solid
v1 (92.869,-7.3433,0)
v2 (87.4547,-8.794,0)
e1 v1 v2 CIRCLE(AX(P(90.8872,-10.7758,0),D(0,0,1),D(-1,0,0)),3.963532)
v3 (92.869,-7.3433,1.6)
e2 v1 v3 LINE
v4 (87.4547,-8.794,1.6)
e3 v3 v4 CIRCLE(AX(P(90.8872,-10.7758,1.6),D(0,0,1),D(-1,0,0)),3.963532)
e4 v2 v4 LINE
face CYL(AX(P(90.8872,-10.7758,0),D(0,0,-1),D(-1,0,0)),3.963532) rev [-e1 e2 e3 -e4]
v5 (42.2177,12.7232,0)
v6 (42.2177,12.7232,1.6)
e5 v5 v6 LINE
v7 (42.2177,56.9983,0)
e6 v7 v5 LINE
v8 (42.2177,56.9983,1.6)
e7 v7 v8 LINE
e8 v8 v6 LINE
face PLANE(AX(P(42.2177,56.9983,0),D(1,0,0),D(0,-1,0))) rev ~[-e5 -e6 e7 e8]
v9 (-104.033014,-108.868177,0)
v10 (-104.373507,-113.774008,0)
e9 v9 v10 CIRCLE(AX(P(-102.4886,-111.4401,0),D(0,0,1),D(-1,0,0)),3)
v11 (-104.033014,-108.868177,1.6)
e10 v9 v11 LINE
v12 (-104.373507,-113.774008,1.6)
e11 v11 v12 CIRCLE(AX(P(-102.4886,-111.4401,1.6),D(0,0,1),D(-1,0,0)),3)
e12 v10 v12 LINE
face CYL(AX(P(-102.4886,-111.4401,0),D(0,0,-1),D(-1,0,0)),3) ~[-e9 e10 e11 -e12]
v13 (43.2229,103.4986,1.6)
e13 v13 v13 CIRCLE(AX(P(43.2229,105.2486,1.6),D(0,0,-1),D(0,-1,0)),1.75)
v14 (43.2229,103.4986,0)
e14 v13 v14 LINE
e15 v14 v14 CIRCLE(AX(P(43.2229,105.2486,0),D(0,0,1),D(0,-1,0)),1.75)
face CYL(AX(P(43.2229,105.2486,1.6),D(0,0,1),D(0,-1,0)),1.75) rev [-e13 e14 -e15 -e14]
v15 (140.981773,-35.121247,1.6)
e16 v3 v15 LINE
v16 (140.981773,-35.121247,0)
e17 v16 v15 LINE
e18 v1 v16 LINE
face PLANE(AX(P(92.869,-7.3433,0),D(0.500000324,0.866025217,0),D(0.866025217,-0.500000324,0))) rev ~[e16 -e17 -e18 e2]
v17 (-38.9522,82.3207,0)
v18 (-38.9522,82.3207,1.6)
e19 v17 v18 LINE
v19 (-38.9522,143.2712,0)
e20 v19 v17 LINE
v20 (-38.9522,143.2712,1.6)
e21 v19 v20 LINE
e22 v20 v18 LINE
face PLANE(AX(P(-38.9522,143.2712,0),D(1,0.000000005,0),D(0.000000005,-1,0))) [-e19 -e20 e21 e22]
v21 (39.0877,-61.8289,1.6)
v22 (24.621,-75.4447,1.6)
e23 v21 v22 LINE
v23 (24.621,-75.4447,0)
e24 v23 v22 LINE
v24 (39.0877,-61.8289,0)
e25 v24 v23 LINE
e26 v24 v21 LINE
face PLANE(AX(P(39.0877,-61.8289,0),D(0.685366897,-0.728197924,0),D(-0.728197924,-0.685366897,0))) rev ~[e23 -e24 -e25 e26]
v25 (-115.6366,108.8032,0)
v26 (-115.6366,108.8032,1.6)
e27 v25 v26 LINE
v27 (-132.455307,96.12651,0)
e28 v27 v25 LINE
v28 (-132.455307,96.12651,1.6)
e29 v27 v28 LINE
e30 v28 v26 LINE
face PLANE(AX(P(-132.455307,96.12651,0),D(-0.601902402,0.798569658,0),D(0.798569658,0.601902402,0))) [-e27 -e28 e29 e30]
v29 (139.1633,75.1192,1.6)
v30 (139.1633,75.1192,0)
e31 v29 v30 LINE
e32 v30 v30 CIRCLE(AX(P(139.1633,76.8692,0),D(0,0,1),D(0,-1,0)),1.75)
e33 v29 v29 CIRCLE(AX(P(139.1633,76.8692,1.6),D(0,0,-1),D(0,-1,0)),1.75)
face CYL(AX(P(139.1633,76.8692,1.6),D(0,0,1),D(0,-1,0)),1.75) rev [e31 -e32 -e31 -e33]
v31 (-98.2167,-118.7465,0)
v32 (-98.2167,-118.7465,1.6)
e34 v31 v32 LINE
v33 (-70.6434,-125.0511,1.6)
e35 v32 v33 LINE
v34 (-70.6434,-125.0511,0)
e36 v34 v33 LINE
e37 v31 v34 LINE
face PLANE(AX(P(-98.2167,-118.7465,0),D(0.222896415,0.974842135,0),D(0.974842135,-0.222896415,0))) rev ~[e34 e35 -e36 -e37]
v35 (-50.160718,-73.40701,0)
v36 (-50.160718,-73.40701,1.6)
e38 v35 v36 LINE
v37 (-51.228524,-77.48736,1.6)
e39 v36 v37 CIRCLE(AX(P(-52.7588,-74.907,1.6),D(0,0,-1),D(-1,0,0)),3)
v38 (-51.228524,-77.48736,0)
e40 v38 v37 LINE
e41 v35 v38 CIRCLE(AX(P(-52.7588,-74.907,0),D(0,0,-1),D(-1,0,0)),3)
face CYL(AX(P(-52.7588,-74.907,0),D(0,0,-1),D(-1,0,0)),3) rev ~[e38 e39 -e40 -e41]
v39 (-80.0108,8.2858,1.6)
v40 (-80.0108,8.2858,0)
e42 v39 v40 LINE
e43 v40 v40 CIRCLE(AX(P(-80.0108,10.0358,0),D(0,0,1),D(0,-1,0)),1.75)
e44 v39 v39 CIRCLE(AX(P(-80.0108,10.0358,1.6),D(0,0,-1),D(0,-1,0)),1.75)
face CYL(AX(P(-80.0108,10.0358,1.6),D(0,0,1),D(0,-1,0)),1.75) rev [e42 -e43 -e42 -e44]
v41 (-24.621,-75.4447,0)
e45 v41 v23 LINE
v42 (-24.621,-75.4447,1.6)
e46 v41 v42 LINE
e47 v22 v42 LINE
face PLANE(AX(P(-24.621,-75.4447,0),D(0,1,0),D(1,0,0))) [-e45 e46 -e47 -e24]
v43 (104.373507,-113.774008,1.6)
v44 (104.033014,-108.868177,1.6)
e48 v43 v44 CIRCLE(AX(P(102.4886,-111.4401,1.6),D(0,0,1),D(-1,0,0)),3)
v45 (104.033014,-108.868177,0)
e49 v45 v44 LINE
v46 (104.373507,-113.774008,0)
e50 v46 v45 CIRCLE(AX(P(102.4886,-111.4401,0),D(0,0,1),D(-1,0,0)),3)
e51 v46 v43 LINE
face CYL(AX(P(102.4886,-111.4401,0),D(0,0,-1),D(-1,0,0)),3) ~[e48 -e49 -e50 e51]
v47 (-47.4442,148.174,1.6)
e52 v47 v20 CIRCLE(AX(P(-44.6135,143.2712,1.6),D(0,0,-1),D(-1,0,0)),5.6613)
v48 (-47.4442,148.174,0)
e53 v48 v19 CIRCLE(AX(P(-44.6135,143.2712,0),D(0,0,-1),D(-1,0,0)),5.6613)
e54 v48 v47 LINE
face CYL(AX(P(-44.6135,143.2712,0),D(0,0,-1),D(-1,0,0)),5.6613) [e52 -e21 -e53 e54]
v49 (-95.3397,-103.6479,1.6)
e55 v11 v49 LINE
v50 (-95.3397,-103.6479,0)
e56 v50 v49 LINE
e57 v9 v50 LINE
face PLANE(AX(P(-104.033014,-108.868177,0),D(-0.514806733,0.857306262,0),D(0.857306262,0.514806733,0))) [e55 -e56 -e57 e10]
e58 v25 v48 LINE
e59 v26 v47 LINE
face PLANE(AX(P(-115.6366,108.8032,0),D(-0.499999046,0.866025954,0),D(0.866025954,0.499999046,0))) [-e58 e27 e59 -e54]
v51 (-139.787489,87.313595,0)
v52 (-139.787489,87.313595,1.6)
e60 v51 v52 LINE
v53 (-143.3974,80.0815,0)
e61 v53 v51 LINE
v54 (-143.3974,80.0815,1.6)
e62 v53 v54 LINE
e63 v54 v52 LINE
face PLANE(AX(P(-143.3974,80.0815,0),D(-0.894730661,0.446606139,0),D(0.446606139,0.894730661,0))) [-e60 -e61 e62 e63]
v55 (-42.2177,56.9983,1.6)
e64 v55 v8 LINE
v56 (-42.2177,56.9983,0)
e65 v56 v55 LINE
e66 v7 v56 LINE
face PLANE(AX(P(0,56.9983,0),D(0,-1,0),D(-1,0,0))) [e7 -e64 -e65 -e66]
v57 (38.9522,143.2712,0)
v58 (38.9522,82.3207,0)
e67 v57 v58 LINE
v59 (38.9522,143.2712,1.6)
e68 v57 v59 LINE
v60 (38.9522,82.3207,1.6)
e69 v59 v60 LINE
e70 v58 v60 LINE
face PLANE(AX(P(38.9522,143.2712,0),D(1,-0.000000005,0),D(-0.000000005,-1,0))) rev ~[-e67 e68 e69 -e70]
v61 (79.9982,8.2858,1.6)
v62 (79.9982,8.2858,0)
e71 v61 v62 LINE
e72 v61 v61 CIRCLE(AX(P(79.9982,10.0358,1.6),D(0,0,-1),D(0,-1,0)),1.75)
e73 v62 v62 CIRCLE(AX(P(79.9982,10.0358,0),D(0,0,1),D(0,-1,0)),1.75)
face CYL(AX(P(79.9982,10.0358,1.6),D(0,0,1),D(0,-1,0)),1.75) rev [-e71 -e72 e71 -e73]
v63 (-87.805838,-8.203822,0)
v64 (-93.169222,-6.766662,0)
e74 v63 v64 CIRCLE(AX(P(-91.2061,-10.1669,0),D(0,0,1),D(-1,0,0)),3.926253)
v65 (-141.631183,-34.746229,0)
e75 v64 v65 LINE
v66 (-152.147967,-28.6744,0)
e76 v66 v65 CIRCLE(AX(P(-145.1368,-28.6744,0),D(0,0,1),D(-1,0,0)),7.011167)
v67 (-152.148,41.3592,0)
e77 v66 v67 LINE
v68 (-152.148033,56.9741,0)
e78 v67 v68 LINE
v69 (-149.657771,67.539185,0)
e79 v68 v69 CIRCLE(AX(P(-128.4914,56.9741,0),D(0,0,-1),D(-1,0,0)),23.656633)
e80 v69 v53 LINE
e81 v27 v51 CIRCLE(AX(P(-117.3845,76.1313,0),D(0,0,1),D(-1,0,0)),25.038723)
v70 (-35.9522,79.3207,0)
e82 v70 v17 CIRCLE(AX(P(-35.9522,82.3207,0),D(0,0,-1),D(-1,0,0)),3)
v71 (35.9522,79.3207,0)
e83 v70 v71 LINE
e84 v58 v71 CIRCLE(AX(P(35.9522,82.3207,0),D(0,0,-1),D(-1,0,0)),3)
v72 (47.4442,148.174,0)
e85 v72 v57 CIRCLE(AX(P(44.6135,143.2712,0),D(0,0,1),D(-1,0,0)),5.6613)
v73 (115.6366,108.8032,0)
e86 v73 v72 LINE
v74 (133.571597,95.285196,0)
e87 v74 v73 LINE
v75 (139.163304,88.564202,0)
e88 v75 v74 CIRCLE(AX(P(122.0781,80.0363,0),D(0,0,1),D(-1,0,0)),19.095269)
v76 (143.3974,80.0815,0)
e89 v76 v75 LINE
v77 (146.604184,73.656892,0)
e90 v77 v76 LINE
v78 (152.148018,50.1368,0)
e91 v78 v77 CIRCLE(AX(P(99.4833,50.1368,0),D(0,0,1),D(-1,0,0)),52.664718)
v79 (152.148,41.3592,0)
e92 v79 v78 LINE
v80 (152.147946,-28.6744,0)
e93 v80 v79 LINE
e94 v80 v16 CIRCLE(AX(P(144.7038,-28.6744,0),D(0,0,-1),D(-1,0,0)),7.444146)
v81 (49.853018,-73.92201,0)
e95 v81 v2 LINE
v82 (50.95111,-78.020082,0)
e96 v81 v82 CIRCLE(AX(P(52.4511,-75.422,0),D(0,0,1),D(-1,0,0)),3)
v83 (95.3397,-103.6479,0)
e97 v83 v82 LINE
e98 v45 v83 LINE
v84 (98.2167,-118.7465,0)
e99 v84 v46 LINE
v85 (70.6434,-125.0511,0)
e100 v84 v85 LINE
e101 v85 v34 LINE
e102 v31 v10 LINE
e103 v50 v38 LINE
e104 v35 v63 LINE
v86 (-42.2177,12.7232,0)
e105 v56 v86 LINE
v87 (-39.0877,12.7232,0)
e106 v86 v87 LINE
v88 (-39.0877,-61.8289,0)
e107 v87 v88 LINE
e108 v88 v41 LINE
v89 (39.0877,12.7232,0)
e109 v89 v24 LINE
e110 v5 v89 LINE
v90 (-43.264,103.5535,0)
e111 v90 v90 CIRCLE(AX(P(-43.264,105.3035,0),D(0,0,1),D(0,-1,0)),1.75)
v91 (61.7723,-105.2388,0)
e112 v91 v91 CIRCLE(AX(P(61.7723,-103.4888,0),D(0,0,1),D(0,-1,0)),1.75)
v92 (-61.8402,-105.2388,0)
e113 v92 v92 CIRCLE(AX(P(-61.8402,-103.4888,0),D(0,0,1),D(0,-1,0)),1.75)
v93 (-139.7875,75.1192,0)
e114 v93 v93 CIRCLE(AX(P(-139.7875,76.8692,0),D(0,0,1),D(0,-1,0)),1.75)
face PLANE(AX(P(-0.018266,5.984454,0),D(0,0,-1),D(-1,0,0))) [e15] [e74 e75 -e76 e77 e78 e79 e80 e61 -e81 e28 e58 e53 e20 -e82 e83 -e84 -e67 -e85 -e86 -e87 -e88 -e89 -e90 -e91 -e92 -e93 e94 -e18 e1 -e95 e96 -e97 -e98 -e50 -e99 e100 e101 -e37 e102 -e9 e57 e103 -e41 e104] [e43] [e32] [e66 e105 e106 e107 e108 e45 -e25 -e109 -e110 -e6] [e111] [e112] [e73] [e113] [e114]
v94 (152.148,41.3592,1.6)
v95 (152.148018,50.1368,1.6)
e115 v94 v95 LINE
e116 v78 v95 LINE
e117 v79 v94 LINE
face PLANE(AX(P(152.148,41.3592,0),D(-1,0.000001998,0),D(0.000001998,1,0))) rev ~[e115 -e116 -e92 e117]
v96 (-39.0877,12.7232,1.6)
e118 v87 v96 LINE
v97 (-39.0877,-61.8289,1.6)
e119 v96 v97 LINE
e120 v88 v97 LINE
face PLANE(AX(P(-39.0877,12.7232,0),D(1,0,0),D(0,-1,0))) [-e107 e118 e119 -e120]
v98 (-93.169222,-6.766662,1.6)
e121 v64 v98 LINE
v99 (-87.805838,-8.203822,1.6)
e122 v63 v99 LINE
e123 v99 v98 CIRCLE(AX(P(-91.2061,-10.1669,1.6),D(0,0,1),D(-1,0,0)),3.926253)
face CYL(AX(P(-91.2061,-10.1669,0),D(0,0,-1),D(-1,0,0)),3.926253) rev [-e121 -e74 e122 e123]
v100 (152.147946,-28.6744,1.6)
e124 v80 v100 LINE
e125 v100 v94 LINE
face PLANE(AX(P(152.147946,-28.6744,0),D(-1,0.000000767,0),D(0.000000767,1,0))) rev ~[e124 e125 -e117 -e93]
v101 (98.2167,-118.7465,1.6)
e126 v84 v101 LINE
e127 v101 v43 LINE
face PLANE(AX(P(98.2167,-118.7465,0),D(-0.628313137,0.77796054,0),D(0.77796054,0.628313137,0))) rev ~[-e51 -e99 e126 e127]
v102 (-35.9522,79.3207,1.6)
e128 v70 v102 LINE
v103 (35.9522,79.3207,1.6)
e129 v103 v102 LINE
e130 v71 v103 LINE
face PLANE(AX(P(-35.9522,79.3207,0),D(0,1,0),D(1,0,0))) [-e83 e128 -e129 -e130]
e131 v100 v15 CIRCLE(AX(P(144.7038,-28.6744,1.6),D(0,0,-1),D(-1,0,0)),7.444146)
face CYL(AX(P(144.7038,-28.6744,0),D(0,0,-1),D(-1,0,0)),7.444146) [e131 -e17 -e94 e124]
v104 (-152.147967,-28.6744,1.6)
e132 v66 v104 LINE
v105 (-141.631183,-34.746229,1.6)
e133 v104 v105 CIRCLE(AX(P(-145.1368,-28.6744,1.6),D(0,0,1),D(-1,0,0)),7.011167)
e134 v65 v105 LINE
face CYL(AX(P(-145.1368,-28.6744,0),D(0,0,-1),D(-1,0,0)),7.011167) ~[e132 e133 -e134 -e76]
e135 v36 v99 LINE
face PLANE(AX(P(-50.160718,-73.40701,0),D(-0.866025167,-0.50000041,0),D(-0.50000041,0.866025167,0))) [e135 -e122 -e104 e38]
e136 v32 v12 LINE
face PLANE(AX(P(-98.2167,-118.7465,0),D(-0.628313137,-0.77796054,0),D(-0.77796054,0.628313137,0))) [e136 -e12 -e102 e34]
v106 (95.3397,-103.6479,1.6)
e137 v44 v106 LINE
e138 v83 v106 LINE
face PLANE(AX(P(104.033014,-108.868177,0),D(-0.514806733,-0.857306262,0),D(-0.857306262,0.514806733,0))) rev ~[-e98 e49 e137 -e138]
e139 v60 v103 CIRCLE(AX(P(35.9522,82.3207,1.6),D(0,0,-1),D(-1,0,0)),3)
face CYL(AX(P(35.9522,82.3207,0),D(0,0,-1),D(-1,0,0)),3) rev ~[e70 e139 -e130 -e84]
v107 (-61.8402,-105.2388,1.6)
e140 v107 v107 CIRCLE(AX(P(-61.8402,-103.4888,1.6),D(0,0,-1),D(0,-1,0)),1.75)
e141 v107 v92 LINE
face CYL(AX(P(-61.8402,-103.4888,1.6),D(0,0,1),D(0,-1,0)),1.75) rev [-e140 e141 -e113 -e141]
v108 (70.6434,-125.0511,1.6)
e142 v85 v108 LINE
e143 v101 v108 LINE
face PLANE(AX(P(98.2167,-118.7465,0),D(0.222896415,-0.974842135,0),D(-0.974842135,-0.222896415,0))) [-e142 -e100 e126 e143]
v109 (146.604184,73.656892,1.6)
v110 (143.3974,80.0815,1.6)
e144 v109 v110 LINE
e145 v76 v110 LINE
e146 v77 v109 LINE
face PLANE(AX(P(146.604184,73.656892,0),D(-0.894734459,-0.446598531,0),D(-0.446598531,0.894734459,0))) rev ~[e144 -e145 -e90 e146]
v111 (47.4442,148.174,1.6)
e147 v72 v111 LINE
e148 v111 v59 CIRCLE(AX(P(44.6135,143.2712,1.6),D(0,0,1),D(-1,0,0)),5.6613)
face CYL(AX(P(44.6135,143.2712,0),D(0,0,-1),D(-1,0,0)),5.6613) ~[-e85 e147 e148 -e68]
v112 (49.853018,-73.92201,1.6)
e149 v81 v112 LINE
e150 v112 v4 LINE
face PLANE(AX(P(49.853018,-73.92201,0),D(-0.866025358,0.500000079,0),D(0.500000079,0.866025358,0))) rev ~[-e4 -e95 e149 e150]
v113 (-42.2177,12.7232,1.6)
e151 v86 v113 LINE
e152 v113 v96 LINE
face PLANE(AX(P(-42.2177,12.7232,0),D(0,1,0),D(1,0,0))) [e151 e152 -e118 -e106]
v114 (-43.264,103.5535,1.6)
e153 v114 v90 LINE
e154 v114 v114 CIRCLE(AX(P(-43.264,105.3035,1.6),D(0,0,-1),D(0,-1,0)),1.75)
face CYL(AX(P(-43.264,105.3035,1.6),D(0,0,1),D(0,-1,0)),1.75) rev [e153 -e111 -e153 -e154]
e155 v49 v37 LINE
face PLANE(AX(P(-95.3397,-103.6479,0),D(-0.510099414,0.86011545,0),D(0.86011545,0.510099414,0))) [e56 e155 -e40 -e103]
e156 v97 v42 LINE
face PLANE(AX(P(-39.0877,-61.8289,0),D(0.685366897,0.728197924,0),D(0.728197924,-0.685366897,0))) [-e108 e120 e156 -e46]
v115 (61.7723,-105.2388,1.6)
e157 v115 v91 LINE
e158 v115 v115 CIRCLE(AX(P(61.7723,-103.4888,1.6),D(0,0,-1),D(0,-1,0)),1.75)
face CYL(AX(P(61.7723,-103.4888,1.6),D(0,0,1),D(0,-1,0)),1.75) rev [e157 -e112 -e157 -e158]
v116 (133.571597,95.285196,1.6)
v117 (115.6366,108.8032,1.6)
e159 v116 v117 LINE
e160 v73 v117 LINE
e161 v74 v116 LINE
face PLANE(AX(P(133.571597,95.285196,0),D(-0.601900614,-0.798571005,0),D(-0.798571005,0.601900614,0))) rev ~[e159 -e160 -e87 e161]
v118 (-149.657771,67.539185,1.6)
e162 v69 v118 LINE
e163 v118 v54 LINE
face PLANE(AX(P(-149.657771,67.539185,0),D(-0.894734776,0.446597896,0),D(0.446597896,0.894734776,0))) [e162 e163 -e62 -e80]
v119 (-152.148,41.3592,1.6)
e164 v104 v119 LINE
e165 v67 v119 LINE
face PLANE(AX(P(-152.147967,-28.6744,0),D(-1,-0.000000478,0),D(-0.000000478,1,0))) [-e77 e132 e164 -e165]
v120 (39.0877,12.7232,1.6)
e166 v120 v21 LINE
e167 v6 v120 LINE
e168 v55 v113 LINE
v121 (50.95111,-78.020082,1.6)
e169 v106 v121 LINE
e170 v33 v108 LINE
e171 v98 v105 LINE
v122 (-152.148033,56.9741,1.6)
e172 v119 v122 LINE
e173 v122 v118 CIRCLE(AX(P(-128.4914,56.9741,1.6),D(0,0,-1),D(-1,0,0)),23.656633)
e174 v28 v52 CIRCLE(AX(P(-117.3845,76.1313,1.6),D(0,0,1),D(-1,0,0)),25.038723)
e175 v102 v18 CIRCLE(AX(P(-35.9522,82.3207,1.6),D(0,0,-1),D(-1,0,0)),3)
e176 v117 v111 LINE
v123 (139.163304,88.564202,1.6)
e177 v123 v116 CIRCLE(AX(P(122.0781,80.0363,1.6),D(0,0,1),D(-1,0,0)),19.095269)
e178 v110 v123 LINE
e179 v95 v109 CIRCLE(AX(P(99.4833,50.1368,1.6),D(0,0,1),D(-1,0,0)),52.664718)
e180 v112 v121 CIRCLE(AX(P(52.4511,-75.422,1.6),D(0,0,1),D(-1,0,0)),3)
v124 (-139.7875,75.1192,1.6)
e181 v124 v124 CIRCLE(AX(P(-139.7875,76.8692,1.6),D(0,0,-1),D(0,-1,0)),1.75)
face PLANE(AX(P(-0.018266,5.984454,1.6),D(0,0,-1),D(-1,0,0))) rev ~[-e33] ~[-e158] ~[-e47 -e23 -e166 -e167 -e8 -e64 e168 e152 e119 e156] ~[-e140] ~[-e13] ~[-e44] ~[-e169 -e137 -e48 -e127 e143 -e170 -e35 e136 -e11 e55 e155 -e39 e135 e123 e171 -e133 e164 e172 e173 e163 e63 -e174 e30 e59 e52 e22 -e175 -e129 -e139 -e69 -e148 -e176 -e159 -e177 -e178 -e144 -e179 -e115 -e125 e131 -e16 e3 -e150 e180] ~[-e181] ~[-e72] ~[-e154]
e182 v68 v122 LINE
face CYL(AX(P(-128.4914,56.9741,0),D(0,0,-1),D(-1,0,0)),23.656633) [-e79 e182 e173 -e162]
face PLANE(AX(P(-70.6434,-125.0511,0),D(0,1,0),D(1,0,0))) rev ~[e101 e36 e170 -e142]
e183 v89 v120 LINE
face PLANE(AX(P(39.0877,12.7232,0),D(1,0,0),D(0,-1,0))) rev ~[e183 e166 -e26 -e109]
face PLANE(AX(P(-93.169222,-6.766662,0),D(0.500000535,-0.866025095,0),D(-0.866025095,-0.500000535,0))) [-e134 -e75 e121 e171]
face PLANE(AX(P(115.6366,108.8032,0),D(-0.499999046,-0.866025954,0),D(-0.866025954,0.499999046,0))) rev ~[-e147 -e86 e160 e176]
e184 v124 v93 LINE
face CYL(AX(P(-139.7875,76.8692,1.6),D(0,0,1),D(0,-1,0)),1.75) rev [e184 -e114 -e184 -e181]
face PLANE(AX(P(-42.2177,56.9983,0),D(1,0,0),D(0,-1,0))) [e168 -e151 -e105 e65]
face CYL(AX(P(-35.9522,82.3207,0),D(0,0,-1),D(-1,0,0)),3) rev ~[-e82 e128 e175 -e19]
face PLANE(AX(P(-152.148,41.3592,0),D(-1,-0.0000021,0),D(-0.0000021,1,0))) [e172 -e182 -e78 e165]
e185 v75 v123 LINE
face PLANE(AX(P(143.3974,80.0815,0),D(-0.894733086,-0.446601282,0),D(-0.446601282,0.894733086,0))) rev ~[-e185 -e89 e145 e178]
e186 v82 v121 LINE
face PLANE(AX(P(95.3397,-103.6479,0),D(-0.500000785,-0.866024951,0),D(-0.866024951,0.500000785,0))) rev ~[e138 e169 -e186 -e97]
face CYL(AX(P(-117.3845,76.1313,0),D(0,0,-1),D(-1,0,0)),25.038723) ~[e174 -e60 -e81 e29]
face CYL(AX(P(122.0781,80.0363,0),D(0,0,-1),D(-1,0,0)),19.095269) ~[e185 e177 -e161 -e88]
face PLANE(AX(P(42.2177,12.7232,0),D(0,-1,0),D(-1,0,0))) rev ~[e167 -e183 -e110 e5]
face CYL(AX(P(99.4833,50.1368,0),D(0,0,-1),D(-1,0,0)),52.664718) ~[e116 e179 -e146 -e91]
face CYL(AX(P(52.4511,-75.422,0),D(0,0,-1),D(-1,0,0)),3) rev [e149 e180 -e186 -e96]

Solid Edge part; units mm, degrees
sketch "Sketch1" plane through (0, 0, 0) normal (0, 0, -1) x (-1, 0, 0)
  line L0 (95.3397, -103.6479) -> (51.2285, -77.4874)
  arc A0 (50.1607, -73.407) -> (51.2285, -77.4874) centre (52.7588, -74.907) ccw
  line L1 (50.1607, -73.407) -> (87.8058, -8.2038)
  arc A1 (87.8058, -8.2038) -> (93.1692, -6.7667) centre (91.2061, -10.1669) cw
  line L2 (93.1692, -6.7667) -> (141.6312, -34.7462)
  arc A2 (152.148, -28.6744) -> (141.6312, -34.7462) centre (145.1368, -28.6744) cw
  line L3 (152.148, -28.6744) -> (152.148, 41.3592)
  line L4 (152.148, 41.3592) -> (152.148, 56.9741)
  arc A3 (152.148, 56.9741) -> (149.6578, 67.5392) centre (128.4914, 56.9741) ccw
  line L5 (149.6578, 67.5392) -> (143.3974, 80.0815)
  line L6 (143.3974, 80.0815) -> (139.7875, 87.3136)
  arc A4 (132.4553, 96.1265) -> (139.7875, 87.3136) centre (117.3845, 76.1313) cw
  line L7 (132.4553, 96.1265) -> (115.6366, 108.8032)
  line L8 (115.6366, 108.8032) -> (47.4442, 148.174)
  arc A5 (47.4442, 148.174) -> (38.9522, 143.2712) centre (44.6135, 143.2712) ccw
  line L9 (38.9522, 143.2712) -> (38.9522, 82.3207)
  arc A6 (35.9522, 79.3207) -> (38.9522, 82.3207) centre (35.9522, 82.3207) ccw
  line L10 (35.9522, 79.3207) -> (0, 79.3207)
  line L11 (-35.9522, 79.3207) -> (0, 79.3207)
  arc A7 (-38.9522, 82.3207) -> (-35.9522, 79.3207) centre (-35.9522, 82.3207) ccw
  line L12 (-38.9522, 143.2712) -> (-38.9522, 82.3207)
  arc A8 (-47.4442, 148.174) -> (-38.9522, 143.2712) centre (-44.6135, 143.2712) cw
  line L13 (-115.6366, 108.8032) -> (-47.4442, 148.174)
  line L14 (-133.5716, 95.2852) -> (-115.6366, 108.8032)
  arc A9 (-139.1633, 88.5642) -> (-133.5716, 95.2852) centre (-122.0781, 80.0363) cw
  line L15 (-143.3974, 80.0815) -> (-139.1633, 88.5642)
  line L16 (-146.6042, 73.6569) -> (-143.3974, 80.0815)
  arc A10 (-152.148, 50.1368) -> (-146.6042, 73.6569) centre (-99.4833, 50.1368) cw
  line L17 (-152.148, 41.3592) -> (-152.148, 50.1368)
  line L18 (-152.148, -28.6744) -> (-152.148, 41.3592)
  arc A11 (-152.148, -28.6744) -> (-140.9818, -35.1212) centre (-144.7038, -28.6744) ccw
  line L19 (-92.869, -7.3433) -> (-140.9818, -35.1212)
  arc A12 (-92.869, -7.3433) -> (-87.4547, -8.794) centre (-90.8872, -10.7758) cw
  line L20 (-49.853, -73.922) -> (-87.4547, -8.794)
  arc A13 (-49.853, -73.922) -> (-50.9511, -78.0201) centre (-52.4511, -75.422) cw
  line L21 (-95.3397, -103.6479) -> (-50.9511, -78.0201)
  line L22 (-104.033, -108.8682) -> (-95.3397, -103.6479)
  arc A14 (-104.3735, -113.774) -> (-104.033, -108.8682) centre (-102.4886, -111.4401) cw
  line L23 (-98.2167, -118.7465) -> (-104.3735, -113.774)
  line L24 (-98.2167, -118.7465) -> (-70.6434, -125.0511)
  line L25 (-70.6434, -125.0511) -> (0, -125.0511)
  line L26 (70.6434, -125.0511) -> (0, -125.0511)
  line L27 (98.2167, -118.7465) -> (70.6434, -125.0511)
  line L28 (98.2167, -118.7465) -> (104.3735, -113.774)
  arc A15 (104.033, -108.8682) -> (104.3735, -113.774) centre (102.4886, -111.4401) cw
  line L29 (104.033, -108.8682) -> (95.3397, -103.6479)
  line L30 (39.0877, 12.7232) -> (39.0877, -61.8289)
  line L31 (39.0877, -61.8289) -> (24.621, -75.4447)
  line L32 (24.621, -75.4447) -> (0, -75.4447)
  line L33 (-24.621, -75.4447) -> (0, -75.4447)
  line L34 (-39.0877, -61.8289) -> (-24.621, -75.4447)
  line L35 (-39.0877, 12.7232) -> (-39.0877, -61.8289)
  line L36 (-42.2177, 12.7232) -> (-39.0877, 12.7232)
  line L37 (-42.2177, 56.9983) -> (-42.2177, 12.7232)
  line L38 (0, 56.9983) -> (-42.2177, 56.9983)
  line L39 (0, 56.9983) -> (42.2177, 56.9983)
  line L40 (42.2177, 56.9983) -> (42.2177, 12.7232)
  line L41 (42.2177, 12.7232) -> (39.0877, 12.7232)
extrude "Protrusion1" add sketch "Sketch1" against normal blind 1.6
hole "Hole_1" at (-61.8402, -103.4888, 1.6) direction (0, 0, -1) diameter 3.5 end up to next
hole "Hole1" at (61.7723, -103.4888, 1.6) direction (0, 0, -1) diameter 3.5 end up to next
hole "Hole2" at (-80.0108, 10.0358, 1.6) direction (0, 0, -1) diameter 3.5 end up to next
hole "Hole3" at (79.9982, 10.0358, 1.6) direction (0, 0, -1) diameter 3.5 end up to next
hole "Hole4" at (43.2229, 105.2486, 1.6) direction (0, 0, -1) diameter 3.5 end up to next
hole "Hole5" at (-43.264, 105.3035, 1.6) direction (0, 0, -1) diameter 3.5 end up to next
hole "Hole6" at (139.1633, 76.8692, 1.6) direction (0, 0, -1) diameter 3.5 end up to next
hole "Hole7" at (-139.7875, 76.8692, 1.6) direction (0, 0, -1) diameter 3.5 end up to next
